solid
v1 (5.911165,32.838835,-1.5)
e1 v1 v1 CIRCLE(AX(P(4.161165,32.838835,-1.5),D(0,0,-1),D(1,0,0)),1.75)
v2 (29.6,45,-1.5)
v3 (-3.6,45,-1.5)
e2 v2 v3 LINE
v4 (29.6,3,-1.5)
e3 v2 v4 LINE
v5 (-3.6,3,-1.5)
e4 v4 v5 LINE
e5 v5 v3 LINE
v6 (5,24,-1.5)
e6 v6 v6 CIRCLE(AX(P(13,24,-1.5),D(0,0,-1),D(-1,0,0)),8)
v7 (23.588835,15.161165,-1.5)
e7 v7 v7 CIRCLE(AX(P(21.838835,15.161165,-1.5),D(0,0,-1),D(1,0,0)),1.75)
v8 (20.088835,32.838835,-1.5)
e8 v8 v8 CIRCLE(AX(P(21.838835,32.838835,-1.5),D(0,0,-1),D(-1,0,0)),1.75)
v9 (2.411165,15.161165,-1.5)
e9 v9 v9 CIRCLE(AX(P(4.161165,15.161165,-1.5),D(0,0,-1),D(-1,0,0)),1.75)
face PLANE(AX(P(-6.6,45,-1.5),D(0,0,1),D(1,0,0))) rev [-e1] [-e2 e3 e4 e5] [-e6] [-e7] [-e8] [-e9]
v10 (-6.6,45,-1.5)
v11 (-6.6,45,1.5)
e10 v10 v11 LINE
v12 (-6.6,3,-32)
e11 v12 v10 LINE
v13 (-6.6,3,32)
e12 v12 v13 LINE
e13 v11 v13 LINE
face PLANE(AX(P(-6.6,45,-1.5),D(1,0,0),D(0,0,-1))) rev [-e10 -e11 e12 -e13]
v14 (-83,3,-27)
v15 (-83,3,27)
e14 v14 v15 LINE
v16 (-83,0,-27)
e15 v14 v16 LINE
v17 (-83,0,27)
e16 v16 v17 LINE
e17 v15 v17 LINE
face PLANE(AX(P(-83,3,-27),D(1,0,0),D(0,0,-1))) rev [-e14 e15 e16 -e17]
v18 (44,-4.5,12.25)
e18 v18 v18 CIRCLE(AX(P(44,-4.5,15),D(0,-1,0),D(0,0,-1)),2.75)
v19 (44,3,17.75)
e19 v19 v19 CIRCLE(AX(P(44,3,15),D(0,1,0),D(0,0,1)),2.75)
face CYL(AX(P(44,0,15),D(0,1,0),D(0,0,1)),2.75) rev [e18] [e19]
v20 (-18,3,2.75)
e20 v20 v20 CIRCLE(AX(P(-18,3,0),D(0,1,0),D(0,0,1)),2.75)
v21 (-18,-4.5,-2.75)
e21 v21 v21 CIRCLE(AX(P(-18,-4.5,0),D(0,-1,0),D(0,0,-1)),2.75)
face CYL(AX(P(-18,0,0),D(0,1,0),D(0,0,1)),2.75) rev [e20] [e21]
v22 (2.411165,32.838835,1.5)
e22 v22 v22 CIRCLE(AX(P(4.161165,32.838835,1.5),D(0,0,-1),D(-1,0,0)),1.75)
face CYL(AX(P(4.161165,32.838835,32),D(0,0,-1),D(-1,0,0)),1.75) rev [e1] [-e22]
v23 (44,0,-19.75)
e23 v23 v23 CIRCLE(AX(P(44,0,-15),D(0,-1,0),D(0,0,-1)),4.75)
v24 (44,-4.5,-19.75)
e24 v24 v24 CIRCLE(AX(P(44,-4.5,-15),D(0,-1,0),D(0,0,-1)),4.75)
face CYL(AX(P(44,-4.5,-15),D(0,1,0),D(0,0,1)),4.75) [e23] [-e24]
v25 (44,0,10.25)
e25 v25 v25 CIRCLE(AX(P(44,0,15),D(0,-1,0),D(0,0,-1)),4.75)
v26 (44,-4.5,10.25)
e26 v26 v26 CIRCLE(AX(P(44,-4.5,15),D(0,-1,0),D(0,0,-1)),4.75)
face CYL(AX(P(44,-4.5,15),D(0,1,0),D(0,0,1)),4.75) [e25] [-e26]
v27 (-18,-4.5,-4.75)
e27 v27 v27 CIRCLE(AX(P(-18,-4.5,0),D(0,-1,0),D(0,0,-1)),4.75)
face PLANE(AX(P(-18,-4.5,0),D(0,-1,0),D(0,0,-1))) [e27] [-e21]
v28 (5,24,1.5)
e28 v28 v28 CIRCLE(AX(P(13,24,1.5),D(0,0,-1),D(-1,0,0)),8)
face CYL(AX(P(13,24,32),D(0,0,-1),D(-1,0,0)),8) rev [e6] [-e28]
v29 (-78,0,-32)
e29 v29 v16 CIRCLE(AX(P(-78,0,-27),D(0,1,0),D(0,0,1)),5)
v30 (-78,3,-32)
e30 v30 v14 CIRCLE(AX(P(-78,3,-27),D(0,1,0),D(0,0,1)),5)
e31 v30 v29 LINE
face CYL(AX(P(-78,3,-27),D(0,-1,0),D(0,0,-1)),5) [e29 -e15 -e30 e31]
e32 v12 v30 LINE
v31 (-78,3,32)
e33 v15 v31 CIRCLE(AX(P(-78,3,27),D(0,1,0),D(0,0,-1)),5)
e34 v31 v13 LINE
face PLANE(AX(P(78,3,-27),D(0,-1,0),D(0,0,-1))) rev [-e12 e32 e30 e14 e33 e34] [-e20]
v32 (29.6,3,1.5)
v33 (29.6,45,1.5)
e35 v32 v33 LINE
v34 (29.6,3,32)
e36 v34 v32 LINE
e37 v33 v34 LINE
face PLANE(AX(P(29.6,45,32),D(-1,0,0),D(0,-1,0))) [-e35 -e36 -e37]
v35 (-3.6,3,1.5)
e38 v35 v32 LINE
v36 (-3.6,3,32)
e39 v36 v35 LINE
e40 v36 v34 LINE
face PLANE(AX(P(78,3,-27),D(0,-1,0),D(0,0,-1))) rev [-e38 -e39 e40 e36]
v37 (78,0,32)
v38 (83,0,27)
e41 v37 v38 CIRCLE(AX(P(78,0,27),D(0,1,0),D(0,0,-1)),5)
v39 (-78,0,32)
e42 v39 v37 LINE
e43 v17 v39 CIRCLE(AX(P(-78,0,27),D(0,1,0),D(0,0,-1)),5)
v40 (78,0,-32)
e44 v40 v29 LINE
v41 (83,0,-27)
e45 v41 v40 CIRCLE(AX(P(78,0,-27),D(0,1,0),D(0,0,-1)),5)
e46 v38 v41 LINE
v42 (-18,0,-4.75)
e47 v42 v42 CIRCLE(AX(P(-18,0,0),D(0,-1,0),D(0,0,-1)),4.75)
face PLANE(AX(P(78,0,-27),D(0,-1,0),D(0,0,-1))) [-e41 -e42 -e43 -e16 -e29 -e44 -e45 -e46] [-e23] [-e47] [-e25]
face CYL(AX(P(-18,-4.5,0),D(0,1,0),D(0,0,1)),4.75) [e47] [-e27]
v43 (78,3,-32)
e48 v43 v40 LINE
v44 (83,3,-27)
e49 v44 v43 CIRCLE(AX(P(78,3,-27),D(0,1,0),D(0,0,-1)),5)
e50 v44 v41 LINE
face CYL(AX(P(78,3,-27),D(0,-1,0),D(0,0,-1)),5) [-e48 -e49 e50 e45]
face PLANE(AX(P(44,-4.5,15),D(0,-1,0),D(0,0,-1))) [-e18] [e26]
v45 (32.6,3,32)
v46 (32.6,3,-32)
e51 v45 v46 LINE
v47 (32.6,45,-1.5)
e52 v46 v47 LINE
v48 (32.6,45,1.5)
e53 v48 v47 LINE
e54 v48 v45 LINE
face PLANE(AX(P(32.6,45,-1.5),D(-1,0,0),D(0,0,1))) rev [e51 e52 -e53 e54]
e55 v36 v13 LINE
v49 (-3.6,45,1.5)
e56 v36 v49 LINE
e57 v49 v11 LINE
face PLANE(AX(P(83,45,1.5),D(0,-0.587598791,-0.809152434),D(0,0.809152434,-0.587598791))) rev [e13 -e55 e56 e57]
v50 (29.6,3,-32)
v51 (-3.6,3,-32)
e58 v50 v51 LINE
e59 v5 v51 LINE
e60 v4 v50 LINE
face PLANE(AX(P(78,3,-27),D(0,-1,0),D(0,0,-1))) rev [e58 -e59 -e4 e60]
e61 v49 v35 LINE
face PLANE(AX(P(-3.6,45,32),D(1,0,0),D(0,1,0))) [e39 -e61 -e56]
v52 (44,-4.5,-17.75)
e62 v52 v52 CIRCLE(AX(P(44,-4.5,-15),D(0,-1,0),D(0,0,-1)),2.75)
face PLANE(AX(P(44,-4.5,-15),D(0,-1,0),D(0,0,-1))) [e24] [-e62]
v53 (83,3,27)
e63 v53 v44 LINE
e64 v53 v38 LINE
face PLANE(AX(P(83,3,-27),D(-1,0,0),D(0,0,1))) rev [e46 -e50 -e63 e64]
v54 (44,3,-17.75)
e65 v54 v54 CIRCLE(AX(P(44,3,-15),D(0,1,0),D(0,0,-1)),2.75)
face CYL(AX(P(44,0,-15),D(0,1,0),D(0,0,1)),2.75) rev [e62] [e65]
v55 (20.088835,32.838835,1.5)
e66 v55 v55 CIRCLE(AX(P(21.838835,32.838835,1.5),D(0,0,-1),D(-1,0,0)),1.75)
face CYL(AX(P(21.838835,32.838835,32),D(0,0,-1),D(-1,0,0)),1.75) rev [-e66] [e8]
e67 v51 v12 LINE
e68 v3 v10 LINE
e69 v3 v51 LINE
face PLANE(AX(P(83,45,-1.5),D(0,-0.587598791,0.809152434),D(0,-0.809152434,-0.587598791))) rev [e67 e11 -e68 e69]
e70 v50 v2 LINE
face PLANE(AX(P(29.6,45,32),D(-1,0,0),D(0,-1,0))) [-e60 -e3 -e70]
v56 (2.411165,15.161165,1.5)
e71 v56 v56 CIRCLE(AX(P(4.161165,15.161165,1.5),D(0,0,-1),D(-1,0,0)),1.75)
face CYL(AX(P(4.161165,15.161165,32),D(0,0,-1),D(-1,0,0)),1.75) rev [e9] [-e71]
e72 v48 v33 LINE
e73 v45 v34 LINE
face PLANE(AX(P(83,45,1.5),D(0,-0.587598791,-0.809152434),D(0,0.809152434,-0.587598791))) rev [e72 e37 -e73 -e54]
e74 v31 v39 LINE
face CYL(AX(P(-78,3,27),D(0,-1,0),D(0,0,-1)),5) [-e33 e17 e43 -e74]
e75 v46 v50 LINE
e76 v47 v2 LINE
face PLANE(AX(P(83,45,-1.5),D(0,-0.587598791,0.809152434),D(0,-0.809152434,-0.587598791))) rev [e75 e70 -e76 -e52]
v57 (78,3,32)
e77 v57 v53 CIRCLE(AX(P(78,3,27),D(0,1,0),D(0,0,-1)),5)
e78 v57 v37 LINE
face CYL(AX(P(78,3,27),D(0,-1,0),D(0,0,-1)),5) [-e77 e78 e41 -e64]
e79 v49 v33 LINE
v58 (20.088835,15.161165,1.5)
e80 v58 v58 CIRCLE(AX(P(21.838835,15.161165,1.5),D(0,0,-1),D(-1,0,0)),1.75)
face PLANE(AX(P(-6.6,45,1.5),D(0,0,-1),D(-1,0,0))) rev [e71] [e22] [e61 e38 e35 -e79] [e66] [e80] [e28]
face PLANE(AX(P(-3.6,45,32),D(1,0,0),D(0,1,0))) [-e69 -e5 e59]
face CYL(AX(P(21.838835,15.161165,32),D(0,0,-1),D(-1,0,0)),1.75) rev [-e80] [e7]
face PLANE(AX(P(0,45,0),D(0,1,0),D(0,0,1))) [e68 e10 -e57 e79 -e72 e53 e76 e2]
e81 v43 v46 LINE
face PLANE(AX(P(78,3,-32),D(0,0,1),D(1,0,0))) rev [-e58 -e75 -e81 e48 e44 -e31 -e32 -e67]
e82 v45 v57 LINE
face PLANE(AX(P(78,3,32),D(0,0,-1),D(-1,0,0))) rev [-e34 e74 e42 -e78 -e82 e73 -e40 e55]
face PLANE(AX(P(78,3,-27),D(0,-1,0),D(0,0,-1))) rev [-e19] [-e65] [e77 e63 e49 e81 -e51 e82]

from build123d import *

# Parameters (mm, degrees)
BOSS_EXTRUDE1_DEPTH      = 3
SKETCH2_R                = 2.75
CUT_EXTRUDE1_DEPTH       = 4
SKETCH3_W                = 39.2
SKETCH3_H                = 3
BOSS_EXTRUDE2_DEPTH      = 42
SKETCH6_R                = 8
SKETCH6_R_2              = 1.75
CUT_EXTRUDE2_DEPTH       = 31.5
CUT_EXTRUDE2_DEPTH_BACK  = 34.5
SKETCH7_W                = 3
SKETCH7_H                = 42
BOSS_EXTRUDE3_DEPTH      = 30.5
BOSS_EXTRUDE3_DEPTH_BACK = 33.5
CUT_EXTRUDE5_DEPTH       = 77.4
CUT_EXTRUDE5_DEPTH_BACK  = 90.6
SKETCH9_R                = 4.75
SKETCH9_R_2              = 2.75
BOSS_EXTRUDE4_DEPTH      = 4.5


with BuildPart() as part:
    # Sketch1 → Boss-Extrude1 (new body)
    with BuildSketch(Plane(origin=(0, 0, 0), x_dir=(1, 0, 0), z_dir=(0, 1, 0))):
        with BuildLine():
            Line((78, 32), (-78, 32))
            ThreePointArc((-78, 32), (-81.535533906, 30.535533906), (-83, 27))
            Line((-83, 27), (-83, -27))
            ThreePointArc((-83, -27), (-81.535533906, -30.535533906), (-78, -32))
            Line((-78, -32), (78, -32))
            ThreePointArc((78, -32), (81.535533906, -30.535533906), (83, -27))
            Line((83, -27), (83, 27))
            ThreePointArc((83, 27), (81.535533906, 30.535533906), (78, 32))
        make_face()
    extrude(amount=BOSS_EXTRUDE1_DEPTH)

    # Sketch2 → Cut-Extrude1 (cut, through all)
    with BuildSketch(Plane(origin=(0, 3, 0), x_dir=(1, 0, 0), z_dir=(0, 1, 0))):
        with Locations((44, -15)):
            Circle(SKETCH2_R)
        with Locations((44, 15)):
            Circle(SKETCH2_R)
        with Locations((-18, 0)):
            Circle(SKETCH2_R)
    extrude(amount=-CUT_EXTRUDE1_DEPTH, mode=Mode.SUBTRACT)

    # Sketch3 → Boss-Extrude2 (add)
    with BuildSketch(Plane(origin=(0, 3, 0), x_dir=(1, 0, 0), z_dir=(0, 1, 0))):
        with Locations((13, 0)):
            Rectangle(SKETCH3_W, SKETCH3_H)
    extrude(amount=BOSS_EXTRUDE2_DEPTH)

    # Sketch6 → Cut-Extrude2 (cut, two sides)
    with BuildSketch(Plane(origin=(0, 0, -1.5), x_dir=(-1, 0, 0), z_dir=(0, 0, -1))) as cut_extrude2_sk:
        with Locations((-13, 24)):
            Circle(SKETCH6_R)
        with Locations((-4.161165235, 15.161165235)):
            Circle(SKETCH6_R_2)
        with Locations((-21.838834765, 15.161165235)):
            Circle(SKETCH6_R_2)
        with Locations((-21.838834765, 32.838834765)):
            Circle(SKETCH6_R_2)
        with Locations((-4.161165235, 32.838834765)):
            Circle(SKETCH6_R_2)
    extrude(amount=CUT_EXTRUDE2_DEPTH, mode=Mode.SUBTRACT)
    extrude(cut_extrude2_sk.sketch, amount=-CUT_EXTRUDE2_DEPTH_BACK, mode=Mode.SUBTRACT)

    # Sketch7 → Boss-Extrude3 (add, two sides)
    with BuildSketch(Plane(origin=(0, 0, -1.5), x_dir=(-1, 0, 0), z_dir=(0, 0, -1))) as boss_extrude3_sk:
        with Locations((-31.1, 24)):
            Rectangle(SKETCH7_W, SKETCH7_H)
        with Locations((5.1, 24)):
            Rectangle(SKETCH7_W, SKETCH7_H)
    extrude(amount=BOSS_EXTRUDE3_DEPTH)
    extrude(boss_extrude3_sk.sketch, amount=-BOSS_EXTRUDE3_DEPTH_BACK)

    # Sketch8 → Cut-Extrude5 (cut, two sides)
    with BuildSketch(Plane.ZY.offset(6.6)) as cut_extrude5_sk:
        Polygon((-1.5, 45), (-32, 3), (-32, 45), align=None)
        Polygon((1.5, 45), (32, 3), (32, 45), align=None)
    extrude(amount=CUT_EXTRUDE5_DEPTH, mode=Mode.SUBTRACT)
    extrude(cut_extrude5_sk.sketch, amount=-CUT_EXTRUDE5_DEPTH_BACK, mode=Mode.SUBTRACT)

    # Sketch9 → Boss-Extrude4 (add)
    with BuildSketch(Plane.XZ):
        with Locations((-18, 0)):
            Circle(SKETCH9_R)
        with Locations((-18, 0)):
            Circle(SKETCH9_R_2, mode=Mode.SUBTRACT)
        with Locations((44, -15)):
            Circle(SKETCH9_R)
        with Locations((44, -15)):
            Circle(SKETCH9_R_2, mode=Mode.SUBTRACT)
        with Locations((44, 15)):
            Circle(SKETCH9_R)
        with Locations((44, 15)):
            Circle(SKETCH9_R_2, mode=Mode.SUBTRACT)
    extrude(amount=BOSS_EXTRUDE4_DEPTH)


solid = part.part
